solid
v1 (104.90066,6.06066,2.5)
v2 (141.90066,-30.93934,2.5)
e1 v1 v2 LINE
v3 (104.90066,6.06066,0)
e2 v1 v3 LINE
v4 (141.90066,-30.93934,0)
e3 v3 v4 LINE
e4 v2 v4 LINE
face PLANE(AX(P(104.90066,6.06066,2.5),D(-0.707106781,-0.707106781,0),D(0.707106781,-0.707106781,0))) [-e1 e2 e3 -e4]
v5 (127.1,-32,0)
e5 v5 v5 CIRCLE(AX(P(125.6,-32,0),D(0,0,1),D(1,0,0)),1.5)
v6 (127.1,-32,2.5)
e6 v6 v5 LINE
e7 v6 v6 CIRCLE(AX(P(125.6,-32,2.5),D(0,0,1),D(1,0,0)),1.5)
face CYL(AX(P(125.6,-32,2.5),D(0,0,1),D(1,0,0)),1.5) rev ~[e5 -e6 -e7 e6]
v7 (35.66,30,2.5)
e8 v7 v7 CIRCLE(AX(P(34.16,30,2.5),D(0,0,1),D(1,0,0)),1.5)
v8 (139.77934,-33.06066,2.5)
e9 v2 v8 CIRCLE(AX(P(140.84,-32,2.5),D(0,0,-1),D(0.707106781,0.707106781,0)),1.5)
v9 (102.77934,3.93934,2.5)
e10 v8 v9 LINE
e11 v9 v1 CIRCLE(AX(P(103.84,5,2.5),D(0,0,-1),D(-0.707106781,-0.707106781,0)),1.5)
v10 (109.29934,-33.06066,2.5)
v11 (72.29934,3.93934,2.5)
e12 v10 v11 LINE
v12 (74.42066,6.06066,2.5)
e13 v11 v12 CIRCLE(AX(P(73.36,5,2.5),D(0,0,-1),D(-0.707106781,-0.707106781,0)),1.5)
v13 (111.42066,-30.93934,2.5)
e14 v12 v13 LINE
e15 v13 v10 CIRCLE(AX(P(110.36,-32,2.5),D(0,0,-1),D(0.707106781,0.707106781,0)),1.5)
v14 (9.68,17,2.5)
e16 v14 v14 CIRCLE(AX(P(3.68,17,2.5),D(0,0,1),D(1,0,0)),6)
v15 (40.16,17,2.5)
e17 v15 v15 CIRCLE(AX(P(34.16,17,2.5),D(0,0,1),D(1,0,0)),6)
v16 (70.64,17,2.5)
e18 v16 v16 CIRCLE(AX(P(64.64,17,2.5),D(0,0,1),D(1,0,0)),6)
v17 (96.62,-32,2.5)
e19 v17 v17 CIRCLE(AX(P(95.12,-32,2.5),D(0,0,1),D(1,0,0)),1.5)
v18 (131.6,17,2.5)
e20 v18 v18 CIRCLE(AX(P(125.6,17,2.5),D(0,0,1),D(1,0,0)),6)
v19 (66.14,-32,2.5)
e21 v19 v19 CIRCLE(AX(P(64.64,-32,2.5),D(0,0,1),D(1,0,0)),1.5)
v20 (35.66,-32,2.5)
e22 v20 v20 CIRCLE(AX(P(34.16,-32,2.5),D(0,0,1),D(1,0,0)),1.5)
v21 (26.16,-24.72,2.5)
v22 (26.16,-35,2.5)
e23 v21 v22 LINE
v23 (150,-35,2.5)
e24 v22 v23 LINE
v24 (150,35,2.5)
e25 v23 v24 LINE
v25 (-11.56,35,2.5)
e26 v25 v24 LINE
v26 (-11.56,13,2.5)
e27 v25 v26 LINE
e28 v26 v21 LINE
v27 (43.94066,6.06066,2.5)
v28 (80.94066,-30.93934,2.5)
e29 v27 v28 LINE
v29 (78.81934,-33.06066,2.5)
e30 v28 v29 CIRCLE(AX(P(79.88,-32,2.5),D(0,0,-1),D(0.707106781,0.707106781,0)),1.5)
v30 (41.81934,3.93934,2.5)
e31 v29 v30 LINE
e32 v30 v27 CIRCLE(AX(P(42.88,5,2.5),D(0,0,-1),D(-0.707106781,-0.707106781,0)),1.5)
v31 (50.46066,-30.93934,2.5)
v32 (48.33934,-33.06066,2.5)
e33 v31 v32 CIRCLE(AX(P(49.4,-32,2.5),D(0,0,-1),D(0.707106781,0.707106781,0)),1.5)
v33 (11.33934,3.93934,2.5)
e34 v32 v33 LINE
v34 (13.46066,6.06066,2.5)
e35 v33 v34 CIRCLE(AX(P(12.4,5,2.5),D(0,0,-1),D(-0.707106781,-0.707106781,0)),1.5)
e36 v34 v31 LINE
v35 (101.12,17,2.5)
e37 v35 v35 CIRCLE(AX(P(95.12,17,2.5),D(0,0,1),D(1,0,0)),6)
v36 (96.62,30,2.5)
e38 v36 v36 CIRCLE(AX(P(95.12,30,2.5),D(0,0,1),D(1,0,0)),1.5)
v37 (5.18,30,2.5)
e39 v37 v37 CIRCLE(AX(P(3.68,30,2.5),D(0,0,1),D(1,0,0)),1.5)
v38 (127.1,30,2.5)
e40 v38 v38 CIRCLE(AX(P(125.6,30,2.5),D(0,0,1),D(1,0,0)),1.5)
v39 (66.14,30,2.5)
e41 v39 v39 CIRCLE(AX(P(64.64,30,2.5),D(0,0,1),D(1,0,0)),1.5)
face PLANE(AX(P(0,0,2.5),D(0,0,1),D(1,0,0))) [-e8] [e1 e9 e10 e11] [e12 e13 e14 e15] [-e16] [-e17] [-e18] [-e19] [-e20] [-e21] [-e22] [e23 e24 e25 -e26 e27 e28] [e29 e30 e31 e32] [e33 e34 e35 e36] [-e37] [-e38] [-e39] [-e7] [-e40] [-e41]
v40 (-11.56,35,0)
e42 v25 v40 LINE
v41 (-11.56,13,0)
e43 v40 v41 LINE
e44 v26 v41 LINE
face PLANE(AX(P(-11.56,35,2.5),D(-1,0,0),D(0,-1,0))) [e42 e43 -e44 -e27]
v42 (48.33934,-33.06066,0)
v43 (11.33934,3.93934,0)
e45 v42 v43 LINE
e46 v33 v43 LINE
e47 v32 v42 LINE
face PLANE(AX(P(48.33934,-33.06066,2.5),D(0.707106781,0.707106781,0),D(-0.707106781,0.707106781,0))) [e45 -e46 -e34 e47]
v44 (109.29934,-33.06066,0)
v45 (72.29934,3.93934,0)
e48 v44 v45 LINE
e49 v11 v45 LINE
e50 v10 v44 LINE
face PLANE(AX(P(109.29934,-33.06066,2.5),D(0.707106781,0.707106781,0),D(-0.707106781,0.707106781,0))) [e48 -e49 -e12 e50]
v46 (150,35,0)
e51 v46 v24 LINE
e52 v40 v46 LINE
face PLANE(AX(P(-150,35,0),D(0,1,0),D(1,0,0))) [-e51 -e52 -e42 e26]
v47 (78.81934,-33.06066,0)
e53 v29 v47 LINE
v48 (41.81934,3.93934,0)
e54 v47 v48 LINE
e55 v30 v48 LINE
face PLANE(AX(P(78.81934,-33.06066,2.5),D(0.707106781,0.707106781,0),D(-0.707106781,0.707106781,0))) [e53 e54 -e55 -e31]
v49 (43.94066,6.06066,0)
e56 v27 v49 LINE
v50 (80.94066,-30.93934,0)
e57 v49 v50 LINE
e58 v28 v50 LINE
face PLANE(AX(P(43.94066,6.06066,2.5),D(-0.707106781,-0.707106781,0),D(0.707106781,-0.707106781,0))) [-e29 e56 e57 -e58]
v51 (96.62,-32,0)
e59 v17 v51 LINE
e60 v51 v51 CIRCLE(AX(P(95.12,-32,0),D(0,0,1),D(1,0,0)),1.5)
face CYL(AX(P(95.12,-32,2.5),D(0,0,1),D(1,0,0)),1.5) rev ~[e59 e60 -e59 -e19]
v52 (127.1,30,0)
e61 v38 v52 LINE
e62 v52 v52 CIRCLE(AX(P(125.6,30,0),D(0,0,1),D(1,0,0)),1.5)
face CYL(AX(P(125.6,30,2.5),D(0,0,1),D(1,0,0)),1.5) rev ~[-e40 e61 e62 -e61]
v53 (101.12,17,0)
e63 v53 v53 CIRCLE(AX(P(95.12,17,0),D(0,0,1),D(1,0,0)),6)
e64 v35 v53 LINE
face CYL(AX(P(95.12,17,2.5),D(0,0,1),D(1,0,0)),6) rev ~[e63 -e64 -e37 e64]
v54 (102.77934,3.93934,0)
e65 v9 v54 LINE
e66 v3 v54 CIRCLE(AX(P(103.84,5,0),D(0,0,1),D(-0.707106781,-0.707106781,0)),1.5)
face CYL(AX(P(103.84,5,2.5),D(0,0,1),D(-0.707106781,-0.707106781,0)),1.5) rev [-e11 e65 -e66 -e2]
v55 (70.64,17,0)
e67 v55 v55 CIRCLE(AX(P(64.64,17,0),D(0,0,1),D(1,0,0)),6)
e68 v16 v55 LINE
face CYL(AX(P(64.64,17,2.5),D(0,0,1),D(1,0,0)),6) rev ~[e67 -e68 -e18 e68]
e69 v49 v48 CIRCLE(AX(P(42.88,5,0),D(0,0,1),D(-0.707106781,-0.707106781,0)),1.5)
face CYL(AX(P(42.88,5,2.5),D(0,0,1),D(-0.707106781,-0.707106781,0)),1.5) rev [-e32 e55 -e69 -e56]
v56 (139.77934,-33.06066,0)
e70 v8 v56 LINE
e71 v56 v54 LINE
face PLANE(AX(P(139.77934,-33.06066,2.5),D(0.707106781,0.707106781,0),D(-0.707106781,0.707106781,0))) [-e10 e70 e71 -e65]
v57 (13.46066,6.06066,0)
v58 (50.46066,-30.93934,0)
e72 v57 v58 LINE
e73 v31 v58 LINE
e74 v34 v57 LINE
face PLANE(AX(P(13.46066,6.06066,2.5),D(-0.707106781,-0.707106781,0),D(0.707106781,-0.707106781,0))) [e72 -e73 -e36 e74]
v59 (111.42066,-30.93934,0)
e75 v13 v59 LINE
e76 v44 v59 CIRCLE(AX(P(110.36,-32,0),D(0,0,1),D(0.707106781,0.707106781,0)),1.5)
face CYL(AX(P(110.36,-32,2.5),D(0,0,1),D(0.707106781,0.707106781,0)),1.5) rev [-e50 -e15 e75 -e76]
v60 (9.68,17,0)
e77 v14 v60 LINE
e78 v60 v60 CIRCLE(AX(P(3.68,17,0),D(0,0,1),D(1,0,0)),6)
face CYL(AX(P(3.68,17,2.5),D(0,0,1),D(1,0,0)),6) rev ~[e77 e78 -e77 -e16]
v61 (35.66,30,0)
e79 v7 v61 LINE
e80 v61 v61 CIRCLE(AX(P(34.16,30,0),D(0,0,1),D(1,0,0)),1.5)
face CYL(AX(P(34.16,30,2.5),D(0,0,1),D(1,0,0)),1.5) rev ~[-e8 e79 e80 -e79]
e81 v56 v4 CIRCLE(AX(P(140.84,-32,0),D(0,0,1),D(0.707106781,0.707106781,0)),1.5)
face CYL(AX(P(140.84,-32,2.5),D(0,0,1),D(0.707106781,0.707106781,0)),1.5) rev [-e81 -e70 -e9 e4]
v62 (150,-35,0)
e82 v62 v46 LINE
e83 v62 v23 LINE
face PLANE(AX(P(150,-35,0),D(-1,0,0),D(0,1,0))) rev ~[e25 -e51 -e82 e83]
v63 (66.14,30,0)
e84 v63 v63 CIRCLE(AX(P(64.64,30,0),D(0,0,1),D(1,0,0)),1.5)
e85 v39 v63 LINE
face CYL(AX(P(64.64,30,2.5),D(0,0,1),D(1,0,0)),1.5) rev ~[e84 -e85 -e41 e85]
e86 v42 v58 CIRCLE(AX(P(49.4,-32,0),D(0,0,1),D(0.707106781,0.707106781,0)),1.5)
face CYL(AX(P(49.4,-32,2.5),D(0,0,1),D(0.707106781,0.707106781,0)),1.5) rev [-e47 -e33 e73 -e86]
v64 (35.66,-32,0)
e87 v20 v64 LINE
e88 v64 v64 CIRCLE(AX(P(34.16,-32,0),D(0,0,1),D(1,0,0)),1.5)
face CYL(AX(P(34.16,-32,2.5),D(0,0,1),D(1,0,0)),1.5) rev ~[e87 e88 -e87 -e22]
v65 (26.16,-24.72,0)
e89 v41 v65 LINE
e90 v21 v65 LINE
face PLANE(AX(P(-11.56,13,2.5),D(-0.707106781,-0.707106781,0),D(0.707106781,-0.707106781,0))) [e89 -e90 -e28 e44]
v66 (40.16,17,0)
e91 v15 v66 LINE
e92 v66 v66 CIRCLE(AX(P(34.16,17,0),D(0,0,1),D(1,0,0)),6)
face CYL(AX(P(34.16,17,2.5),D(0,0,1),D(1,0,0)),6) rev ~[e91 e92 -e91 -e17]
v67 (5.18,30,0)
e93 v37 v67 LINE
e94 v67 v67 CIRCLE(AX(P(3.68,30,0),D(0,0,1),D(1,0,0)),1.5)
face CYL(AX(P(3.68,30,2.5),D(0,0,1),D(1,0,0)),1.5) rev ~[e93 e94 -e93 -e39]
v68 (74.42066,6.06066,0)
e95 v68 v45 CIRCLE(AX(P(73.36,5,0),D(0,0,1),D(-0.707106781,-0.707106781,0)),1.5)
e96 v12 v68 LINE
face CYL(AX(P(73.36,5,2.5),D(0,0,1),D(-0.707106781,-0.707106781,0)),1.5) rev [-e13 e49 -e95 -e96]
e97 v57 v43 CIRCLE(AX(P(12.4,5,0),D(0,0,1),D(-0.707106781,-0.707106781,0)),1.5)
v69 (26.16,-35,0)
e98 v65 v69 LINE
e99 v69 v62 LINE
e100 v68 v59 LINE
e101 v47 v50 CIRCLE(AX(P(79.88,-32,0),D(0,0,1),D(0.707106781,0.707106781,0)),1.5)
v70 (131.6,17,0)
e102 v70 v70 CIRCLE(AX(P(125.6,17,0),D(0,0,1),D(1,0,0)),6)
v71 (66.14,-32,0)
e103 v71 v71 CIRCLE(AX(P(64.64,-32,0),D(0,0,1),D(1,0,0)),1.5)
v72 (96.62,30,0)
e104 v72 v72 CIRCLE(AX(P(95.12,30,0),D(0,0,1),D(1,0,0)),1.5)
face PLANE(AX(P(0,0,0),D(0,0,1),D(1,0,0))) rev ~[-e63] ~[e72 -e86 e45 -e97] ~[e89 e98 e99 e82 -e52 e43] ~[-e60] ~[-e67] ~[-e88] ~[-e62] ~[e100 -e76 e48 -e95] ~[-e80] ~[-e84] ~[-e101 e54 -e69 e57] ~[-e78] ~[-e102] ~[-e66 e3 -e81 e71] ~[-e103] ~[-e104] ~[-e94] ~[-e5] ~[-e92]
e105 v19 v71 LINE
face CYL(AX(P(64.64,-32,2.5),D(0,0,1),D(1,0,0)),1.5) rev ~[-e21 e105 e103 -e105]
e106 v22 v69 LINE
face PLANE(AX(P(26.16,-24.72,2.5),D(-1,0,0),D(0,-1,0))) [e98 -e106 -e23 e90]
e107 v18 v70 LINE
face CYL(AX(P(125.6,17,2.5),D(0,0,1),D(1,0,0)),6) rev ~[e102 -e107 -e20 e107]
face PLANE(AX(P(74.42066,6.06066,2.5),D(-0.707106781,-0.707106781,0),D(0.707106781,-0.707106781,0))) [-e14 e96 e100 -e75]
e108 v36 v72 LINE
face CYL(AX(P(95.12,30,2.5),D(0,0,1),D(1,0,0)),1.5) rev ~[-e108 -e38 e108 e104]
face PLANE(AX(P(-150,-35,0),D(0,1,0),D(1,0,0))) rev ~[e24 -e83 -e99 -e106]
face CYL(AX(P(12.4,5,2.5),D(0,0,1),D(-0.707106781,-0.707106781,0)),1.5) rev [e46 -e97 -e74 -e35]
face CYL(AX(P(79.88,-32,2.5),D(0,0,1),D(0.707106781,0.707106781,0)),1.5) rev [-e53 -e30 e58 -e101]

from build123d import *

# Parameters (mm, degrees)
SKETCH_1_W             = 300
SKETCH_1_H             = 70
EXTRUDE_1_DEPTH        = 2.5
SKETCH_2_R             = 1.5
SKETCH_2_R_2           = 6
CUT_EXTRUDE_1_DEPTH    = 155.04950503
PATTERN_LINEAR_1_COUNT = 9
PATTERN_LINEAR_1_PITCH = 30.48
CUT_EXTRUDE_2_DEPTH    = 10


with BuildPart() as part:
    # 草图1 → 凸台-拉伸1 (new body)
    with BuildSketch(Plane.XY):
        Rectangle(SKETCH_1_W, SKETCH_1_H)
    extrude(amount=EXTRUDE_1_DEPTH)

    # 草图2 → 切除-拉伸1 (cut, through all)
    with BuildSketch(Plane.XY.offset(2.5)):
        with Locations((-118.24, -32)):
            Circle(SKETCH_2_R)
        with Locations((-118.24, 30)):
            Circle(SKETCH_2_R)
        with Locations((-118.24, 17)):
            Circle(SKETCH_2_R_2)
        with BuildLine():
            Line((-104.060660172, -33.060660172), (-141.060660172, 3.939339828))
            ThreePointArc((-141.060660172, 3.939339828), (-141.060660172, 6.060660172), (-138.939339828, 6.060660172))
            Line((-138.939339828, 6.060660172), (-101.939339828, -30.939339828))
            ThreePointArc((-101.939339828, -30.939339828), (-101.939339828, -33.060660172), (-104.060660172, -33.060660172))
        make_face()
    cut_extrude_1 = extrude(amount=-CUT_EXTRUDE_1_DEPTH, mode=Mode.SUBTRACT)

    # 阵列(线性)1: 切除-拉伸1 ×9
    with Locations(*[(i * PATTERN_LINEAR_1_PITCH, 0, 0) for i in range(1, PATTERN_LINEAR_1_COUNT)]):
        add(cut_extrude_1, mode=Mode.SUBTRACT)

    # 草图3 → 切除-拉伸2 (cut)
    with BuildSketch(Plane.XY.offset(2.5)):
        Polygon((-11.56, 35), (-11.56, 13), (26.16, -24.72), (26.16, -35), (-150, -35), (-150, 35), align=None)
    extrude(amount=-CUT_EXTRUDE_2_DEPTH, mode=Mode.SUBTRACT)


solid = part.part
